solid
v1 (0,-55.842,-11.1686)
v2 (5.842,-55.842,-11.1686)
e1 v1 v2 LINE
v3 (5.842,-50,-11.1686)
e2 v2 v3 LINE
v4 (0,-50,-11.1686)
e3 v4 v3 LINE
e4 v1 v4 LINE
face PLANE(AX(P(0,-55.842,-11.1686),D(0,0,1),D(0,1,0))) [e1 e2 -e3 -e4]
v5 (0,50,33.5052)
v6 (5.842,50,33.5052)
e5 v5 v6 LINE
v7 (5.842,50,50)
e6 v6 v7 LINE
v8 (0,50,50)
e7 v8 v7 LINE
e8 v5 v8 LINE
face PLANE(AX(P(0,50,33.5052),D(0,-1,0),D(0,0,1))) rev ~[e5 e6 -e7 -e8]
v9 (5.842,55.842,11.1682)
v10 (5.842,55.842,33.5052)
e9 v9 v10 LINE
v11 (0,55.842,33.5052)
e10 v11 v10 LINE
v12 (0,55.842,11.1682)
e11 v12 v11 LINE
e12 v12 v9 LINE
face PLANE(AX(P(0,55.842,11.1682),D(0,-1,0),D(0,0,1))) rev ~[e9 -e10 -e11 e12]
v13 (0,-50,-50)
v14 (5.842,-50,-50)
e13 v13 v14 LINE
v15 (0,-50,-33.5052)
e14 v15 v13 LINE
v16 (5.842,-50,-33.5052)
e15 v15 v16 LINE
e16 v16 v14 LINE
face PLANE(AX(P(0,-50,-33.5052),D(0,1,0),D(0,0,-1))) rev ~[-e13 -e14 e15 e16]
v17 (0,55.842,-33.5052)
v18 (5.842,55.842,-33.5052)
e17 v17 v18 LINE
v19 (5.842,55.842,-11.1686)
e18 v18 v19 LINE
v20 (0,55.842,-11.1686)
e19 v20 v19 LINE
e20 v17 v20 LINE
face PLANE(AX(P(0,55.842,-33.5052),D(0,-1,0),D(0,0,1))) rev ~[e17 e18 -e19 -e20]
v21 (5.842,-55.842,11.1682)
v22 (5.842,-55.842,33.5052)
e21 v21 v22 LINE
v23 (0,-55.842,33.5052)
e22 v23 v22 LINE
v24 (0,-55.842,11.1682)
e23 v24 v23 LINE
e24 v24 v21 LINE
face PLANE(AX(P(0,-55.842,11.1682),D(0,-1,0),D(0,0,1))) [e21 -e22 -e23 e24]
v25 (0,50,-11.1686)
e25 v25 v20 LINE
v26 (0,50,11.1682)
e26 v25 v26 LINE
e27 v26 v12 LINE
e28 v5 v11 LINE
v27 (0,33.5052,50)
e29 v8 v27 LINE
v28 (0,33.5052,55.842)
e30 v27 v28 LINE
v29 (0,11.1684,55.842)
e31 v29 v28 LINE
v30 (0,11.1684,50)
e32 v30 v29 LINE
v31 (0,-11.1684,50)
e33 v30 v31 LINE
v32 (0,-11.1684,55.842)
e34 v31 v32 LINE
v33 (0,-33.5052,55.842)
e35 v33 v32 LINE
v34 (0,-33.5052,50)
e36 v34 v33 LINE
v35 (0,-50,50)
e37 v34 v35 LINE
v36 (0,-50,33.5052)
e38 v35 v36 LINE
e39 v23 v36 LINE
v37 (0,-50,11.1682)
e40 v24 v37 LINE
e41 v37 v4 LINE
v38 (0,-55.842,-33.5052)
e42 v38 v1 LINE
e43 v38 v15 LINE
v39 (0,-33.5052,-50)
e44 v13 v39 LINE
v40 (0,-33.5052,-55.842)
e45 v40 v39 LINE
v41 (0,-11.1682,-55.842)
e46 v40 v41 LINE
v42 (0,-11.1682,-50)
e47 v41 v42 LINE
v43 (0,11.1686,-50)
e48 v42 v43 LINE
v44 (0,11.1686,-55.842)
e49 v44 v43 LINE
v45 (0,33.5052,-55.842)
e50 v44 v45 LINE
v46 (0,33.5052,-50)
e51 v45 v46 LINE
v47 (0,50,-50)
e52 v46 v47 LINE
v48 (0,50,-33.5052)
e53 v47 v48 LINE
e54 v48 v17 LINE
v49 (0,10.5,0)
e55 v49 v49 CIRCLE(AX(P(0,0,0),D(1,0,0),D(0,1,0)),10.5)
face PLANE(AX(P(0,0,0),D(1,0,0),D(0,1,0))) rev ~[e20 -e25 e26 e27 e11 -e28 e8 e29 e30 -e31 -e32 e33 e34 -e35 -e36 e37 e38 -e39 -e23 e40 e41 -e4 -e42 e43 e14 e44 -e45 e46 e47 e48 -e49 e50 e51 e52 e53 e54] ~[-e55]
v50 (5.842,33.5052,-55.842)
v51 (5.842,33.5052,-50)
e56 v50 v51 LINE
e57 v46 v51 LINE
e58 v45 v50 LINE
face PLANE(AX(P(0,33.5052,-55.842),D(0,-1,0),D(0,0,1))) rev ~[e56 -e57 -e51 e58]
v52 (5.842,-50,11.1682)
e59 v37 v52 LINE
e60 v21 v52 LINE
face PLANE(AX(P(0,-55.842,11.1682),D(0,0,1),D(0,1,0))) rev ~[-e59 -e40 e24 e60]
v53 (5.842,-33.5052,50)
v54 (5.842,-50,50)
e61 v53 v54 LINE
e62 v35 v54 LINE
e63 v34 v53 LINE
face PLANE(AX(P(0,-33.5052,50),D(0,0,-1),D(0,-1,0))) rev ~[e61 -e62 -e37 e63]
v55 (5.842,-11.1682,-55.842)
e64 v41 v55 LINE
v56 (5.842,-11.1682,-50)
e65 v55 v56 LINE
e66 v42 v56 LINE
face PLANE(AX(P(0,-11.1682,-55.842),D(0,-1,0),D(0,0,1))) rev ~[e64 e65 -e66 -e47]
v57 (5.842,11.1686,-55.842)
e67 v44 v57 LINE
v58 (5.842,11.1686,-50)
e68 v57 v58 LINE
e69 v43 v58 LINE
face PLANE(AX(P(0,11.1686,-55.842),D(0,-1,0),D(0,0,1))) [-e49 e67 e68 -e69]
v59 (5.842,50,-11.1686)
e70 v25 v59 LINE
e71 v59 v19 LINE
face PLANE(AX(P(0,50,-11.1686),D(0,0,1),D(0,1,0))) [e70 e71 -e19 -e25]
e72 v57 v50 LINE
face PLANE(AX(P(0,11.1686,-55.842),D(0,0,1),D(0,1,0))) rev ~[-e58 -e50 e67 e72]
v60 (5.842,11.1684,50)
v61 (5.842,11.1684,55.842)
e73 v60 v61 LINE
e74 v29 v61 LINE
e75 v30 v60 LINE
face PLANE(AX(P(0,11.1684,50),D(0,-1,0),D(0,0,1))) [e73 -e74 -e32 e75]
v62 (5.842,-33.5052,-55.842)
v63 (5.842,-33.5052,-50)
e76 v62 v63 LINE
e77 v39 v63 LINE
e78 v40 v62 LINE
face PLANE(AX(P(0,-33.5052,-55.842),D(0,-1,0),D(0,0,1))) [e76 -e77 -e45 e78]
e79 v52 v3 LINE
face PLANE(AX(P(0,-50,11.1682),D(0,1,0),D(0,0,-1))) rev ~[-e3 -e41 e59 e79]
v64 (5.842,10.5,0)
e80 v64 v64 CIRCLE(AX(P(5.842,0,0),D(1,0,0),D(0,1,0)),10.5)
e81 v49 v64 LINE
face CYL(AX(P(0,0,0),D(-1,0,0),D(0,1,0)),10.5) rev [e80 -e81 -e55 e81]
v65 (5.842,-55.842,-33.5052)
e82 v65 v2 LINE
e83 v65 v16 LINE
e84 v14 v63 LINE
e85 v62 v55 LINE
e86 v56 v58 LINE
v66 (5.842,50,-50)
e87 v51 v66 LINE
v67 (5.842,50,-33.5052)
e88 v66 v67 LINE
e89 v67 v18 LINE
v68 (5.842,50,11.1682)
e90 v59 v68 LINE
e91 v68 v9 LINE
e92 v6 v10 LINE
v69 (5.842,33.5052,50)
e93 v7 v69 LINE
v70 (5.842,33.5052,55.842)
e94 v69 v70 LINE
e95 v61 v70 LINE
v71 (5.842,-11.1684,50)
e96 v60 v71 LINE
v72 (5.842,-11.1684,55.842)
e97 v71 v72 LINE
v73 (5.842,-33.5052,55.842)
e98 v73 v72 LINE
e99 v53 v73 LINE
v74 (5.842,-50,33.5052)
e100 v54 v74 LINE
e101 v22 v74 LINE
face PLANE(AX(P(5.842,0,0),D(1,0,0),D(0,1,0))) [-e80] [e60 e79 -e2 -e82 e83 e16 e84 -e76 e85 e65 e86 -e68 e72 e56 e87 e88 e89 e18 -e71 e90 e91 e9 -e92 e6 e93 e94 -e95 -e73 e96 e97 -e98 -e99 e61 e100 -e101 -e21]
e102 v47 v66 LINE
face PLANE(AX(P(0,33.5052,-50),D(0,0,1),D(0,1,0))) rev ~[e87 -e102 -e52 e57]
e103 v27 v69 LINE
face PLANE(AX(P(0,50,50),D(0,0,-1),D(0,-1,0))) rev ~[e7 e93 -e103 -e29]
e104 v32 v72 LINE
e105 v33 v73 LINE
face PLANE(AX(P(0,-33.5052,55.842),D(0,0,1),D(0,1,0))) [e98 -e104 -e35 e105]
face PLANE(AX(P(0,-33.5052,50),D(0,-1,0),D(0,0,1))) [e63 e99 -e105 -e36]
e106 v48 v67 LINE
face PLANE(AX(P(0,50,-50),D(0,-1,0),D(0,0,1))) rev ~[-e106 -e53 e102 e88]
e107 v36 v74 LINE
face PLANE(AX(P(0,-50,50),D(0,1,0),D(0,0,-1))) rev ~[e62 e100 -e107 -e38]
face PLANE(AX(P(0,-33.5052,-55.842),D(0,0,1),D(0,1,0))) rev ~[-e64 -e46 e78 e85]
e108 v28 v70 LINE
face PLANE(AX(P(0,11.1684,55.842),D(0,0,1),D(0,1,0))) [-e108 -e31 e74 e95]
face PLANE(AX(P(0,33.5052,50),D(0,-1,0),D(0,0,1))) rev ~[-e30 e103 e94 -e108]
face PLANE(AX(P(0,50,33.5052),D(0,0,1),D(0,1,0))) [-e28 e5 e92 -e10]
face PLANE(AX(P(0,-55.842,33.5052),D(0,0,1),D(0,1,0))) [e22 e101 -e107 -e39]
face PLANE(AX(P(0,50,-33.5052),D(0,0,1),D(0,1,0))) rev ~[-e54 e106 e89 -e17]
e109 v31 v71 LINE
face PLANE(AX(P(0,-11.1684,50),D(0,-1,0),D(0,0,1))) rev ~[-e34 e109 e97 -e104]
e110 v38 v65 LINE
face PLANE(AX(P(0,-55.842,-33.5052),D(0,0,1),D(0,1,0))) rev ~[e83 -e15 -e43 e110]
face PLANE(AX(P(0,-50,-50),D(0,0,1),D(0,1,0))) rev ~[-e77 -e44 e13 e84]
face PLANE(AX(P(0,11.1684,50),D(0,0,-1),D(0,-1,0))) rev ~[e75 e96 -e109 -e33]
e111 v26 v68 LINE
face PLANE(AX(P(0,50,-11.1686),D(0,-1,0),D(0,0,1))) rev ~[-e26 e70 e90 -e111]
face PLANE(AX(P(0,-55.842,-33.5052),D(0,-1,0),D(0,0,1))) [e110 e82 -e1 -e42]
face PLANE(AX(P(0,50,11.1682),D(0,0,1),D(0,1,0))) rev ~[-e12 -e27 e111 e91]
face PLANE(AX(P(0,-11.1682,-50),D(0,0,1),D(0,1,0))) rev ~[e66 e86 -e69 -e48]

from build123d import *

# Parameters (mm, degrees)
F0_R     = 10.5
F0_W     = 22.3368
F0_H     = 5.842
F0_W_2   = 5.842
F0_H_2   = 22.337
F0_H_3   = 22.3366
F0_W_3   = 22.337
F0_W_4   = 22.3366
F1_DEPTH = 5.842


with BuildPart() as f1:
    # F0 (on Right) → F1 (new body)
    with BuildSketch(Plane.YZ):
        Polygon((-33.5052, 50), (-50, 50), (-50, 33.5052), (-50, 11.1682), (-50, -11.1686), (-50, -33.5052), (-50, -50), (-33.5052, -50), (-11.1682, -50), (11.1686, -50), (33.5052, -50), (50, -50), (50, -33.5052), (50, -11.1686), (50, 11.1682), (50, 33.5052), (50, 50), (33.5052, 50), (11.1684, 50), (-11.1684, 50), align=None)
        Circle(F0_R, mode=Mode.SUBTRACT)
        with Locations((-22.3368, 52.921)):
            Rectangle(F0_W, F0_H)
        with Locations((-52.921, 22.3367)):
            Rectangle(F0_W_2, F0_H_2)
        with Locations((22.3368, 52.921)):
            Rectangle(F0_W, F0_H)
        with Locations((-52.921, -22.3369)):
            Rectangle(F0_W_2, F0_H_3)
        with Locations((52.921, 22.3367)):
            Rectangle(F0_W_2, F0_H_2)
        with Locations((-22.3367, -52.921)):
            Rectangle(F0_W_3, F0_H)
        with Locations((52.921, -22.3369)):
            Rectangle(F0_W_2, F0_H_3)
        with Locations((22.3369, -52.921)):
            Rectangle(F0_W_4, F0_H)
    extrude(amount=F1_DEPTH)


solid = f1.part
